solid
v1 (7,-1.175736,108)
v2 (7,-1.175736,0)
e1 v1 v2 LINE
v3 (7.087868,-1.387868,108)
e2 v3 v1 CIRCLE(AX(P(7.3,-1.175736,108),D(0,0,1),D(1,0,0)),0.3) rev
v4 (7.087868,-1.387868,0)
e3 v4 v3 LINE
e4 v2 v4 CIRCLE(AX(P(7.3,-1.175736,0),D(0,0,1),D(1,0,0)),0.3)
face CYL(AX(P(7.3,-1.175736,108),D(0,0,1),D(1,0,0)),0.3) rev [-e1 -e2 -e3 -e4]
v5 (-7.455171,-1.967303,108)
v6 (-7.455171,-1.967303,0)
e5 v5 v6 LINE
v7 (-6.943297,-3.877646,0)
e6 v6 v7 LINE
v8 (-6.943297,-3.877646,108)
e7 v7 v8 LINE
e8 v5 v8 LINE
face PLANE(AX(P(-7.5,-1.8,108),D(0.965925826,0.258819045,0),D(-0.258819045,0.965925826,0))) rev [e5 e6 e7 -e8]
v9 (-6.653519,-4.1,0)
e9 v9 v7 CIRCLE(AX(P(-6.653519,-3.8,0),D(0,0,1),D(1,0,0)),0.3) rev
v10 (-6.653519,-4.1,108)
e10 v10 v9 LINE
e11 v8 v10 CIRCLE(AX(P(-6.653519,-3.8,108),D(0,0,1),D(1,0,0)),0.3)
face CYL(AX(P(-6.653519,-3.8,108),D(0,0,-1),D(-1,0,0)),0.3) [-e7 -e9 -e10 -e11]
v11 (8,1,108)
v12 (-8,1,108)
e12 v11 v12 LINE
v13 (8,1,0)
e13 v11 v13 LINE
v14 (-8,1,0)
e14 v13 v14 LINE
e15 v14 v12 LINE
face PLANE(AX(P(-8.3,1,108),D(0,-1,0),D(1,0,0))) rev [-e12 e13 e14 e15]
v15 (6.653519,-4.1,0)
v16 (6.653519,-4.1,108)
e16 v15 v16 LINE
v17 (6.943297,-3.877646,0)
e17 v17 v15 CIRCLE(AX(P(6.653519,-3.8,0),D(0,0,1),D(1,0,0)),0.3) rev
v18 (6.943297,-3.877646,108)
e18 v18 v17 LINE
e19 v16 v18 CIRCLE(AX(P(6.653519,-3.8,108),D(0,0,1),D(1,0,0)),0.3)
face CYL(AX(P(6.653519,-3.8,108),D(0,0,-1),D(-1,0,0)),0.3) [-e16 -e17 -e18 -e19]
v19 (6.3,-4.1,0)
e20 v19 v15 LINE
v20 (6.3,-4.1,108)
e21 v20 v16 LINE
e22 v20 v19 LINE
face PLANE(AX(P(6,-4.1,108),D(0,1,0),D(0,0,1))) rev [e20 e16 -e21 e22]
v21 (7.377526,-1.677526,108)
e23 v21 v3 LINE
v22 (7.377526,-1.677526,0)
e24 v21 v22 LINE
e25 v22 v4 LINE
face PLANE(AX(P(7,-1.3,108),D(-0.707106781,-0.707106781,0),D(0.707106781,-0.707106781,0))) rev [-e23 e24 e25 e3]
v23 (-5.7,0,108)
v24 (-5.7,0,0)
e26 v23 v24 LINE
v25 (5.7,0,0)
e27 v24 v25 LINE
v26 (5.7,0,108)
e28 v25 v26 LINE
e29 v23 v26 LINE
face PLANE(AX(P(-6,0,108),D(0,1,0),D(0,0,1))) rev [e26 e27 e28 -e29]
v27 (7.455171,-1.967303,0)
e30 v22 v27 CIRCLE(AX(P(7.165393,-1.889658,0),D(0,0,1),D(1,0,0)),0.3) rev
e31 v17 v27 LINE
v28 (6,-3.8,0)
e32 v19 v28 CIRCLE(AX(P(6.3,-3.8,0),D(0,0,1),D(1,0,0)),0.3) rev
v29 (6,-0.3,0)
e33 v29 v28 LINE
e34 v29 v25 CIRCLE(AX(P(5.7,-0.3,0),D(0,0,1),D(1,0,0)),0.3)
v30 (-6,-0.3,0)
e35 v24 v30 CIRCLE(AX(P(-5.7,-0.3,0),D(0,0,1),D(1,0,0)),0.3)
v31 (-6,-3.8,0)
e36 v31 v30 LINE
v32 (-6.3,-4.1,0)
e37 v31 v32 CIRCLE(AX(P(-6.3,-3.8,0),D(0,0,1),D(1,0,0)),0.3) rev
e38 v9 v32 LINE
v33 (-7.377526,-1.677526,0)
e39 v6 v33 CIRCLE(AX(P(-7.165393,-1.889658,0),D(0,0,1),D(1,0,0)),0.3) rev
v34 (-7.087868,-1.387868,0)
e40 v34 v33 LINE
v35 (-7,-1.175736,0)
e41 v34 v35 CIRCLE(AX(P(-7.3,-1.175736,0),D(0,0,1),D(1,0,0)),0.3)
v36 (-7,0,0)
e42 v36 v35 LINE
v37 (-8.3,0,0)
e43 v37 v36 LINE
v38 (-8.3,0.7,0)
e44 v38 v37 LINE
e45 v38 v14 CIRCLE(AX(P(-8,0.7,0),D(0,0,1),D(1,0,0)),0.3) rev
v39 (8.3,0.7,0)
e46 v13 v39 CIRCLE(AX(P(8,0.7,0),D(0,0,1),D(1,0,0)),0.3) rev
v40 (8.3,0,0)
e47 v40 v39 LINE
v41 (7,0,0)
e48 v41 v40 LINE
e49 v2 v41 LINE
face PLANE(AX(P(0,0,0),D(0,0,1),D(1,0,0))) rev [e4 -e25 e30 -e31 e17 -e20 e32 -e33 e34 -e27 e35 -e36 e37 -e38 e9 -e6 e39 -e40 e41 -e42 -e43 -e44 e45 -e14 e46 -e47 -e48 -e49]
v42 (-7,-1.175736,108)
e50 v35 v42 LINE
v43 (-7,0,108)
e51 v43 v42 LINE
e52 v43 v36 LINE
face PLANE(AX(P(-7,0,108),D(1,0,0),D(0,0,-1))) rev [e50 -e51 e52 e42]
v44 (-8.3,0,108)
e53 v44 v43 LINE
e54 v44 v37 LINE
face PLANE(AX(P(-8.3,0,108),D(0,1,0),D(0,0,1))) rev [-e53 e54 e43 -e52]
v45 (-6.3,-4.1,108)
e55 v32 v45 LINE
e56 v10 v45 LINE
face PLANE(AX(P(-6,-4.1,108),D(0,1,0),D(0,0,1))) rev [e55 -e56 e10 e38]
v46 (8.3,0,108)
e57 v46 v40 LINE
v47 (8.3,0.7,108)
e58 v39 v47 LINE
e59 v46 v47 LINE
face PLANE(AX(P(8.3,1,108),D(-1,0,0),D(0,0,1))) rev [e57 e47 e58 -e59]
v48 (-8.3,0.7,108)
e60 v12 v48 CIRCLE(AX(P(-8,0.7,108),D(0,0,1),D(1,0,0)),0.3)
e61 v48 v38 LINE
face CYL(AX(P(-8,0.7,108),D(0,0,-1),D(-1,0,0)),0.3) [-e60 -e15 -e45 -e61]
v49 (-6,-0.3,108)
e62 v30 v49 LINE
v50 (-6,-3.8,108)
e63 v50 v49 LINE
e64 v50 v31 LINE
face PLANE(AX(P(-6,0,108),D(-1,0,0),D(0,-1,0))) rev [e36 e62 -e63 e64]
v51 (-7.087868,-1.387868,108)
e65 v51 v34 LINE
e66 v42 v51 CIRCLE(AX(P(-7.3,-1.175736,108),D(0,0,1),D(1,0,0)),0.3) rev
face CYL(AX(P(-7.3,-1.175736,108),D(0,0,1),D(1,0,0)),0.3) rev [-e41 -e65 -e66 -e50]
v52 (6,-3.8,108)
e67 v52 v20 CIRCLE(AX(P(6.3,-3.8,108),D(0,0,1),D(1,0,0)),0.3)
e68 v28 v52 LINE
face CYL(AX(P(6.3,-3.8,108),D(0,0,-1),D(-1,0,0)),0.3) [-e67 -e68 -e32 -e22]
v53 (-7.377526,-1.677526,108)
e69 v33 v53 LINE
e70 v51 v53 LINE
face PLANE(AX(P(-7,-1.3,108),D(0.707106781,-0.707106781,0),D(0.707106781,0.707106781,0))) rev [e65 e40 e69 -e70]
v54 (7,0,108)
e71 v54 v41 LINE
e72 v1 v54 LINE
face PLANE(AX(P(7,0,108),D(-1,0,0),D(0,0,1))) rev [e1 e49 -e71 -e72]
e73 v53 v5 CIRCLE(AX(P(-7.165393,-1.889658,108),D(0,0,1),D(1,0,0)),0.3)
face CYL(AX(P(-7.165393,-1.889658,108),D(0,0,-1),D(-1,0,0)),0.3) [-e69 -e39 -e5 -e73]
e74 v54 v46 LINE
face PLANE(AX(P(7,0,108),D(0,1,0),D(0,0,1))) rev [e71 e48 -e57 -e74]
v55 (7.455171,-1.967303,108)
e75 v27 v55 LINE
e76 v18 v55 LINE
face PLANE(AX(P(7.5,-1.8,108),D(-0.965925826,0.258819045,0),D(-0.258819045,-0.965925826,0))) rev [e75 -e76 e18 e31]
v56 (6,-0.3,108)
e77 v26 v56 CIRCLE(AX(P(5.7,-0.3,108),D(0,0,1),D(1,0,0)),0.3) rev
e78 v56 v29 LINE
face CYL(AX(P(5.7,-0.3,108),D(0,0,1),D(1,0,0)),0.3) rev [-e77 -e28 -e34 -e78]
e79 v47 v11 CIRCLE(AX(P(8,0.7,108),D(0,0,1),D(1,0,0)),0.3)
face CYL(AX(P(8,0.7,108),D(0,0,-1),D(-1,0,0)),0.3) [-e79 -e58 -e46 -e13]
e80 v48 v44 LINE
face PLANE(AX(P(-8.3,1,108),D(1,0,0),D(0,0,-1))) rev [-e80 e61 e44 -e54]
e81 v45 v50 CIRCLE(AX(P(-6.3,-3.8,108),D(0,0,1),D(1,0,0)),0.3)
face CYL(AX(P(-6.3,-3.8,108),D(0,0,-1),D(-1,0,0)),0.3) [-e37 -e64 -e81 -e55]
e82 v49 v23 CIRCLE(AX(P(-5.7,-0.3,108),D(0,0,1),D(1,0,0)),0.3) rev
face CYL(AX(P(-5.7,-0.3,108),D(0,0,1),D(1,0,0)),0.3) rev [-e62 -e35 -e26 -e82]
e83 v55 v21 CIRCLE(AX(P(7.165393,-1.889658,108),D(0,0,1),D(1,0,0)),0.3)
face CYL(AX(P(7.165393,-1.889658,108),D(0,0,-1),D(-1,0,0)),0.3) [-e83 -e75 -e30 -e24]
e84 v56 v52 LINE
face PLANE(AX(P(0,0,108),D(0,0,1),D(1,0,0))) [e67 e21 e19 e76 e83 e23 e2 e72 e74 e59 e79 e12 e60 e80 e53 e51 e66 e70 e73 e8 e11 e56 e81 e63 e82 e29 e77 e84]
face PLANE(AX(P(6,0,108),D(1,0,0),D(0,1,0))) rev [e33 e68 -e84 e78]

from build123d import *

# Parameters (mm, degrees)
BOSS_EXTRUDE1_DEPTH = 108
FILLET1_R           = 0.3


with BuildPart() as part:
    # Sketch1 → Boss-Extrude1 (new body)
    with BuildSketch(Plane.XY):
        Polygon((-8.3, 1), (8.3, 1), (8.3, 0), (7, 0), (7, -1.3), (7.5, -1.8), (6.883716857, -4.1), (6, -4.1), (6, 0), (-6, 0), (-6, -4.1), (-6.883716857, -4.1), (-7.5, -1.8), (-7, -1.3), (-7, 0), (-8.3, 0), align=None)
    extrude(amount=BOSS_EXTRUDE1_DEPTH)

    # Fillet1
    fillet1_edges = [part.edges().sort_by_distance(p)[0] for p in [
        (-8.3, 1, 54),
        (8.3, 1, 54),
        (7, -1.3, 54),
        (7.5, -1.8, 54),
        (6.883716857, -4.1, 54),
        (6, -4.1, 54),
        (6, 0, 54),
        (-6, 0, 54),
        (-6, -4.1, 54),
        (-6.883716857, -4.1, 54),
        (-7.5, -1.8, 54),
        (-7, -1.3, 54),
    ]]
    fillet(fillet1_edges, radius=FILLET1_R)


solid = part.part
